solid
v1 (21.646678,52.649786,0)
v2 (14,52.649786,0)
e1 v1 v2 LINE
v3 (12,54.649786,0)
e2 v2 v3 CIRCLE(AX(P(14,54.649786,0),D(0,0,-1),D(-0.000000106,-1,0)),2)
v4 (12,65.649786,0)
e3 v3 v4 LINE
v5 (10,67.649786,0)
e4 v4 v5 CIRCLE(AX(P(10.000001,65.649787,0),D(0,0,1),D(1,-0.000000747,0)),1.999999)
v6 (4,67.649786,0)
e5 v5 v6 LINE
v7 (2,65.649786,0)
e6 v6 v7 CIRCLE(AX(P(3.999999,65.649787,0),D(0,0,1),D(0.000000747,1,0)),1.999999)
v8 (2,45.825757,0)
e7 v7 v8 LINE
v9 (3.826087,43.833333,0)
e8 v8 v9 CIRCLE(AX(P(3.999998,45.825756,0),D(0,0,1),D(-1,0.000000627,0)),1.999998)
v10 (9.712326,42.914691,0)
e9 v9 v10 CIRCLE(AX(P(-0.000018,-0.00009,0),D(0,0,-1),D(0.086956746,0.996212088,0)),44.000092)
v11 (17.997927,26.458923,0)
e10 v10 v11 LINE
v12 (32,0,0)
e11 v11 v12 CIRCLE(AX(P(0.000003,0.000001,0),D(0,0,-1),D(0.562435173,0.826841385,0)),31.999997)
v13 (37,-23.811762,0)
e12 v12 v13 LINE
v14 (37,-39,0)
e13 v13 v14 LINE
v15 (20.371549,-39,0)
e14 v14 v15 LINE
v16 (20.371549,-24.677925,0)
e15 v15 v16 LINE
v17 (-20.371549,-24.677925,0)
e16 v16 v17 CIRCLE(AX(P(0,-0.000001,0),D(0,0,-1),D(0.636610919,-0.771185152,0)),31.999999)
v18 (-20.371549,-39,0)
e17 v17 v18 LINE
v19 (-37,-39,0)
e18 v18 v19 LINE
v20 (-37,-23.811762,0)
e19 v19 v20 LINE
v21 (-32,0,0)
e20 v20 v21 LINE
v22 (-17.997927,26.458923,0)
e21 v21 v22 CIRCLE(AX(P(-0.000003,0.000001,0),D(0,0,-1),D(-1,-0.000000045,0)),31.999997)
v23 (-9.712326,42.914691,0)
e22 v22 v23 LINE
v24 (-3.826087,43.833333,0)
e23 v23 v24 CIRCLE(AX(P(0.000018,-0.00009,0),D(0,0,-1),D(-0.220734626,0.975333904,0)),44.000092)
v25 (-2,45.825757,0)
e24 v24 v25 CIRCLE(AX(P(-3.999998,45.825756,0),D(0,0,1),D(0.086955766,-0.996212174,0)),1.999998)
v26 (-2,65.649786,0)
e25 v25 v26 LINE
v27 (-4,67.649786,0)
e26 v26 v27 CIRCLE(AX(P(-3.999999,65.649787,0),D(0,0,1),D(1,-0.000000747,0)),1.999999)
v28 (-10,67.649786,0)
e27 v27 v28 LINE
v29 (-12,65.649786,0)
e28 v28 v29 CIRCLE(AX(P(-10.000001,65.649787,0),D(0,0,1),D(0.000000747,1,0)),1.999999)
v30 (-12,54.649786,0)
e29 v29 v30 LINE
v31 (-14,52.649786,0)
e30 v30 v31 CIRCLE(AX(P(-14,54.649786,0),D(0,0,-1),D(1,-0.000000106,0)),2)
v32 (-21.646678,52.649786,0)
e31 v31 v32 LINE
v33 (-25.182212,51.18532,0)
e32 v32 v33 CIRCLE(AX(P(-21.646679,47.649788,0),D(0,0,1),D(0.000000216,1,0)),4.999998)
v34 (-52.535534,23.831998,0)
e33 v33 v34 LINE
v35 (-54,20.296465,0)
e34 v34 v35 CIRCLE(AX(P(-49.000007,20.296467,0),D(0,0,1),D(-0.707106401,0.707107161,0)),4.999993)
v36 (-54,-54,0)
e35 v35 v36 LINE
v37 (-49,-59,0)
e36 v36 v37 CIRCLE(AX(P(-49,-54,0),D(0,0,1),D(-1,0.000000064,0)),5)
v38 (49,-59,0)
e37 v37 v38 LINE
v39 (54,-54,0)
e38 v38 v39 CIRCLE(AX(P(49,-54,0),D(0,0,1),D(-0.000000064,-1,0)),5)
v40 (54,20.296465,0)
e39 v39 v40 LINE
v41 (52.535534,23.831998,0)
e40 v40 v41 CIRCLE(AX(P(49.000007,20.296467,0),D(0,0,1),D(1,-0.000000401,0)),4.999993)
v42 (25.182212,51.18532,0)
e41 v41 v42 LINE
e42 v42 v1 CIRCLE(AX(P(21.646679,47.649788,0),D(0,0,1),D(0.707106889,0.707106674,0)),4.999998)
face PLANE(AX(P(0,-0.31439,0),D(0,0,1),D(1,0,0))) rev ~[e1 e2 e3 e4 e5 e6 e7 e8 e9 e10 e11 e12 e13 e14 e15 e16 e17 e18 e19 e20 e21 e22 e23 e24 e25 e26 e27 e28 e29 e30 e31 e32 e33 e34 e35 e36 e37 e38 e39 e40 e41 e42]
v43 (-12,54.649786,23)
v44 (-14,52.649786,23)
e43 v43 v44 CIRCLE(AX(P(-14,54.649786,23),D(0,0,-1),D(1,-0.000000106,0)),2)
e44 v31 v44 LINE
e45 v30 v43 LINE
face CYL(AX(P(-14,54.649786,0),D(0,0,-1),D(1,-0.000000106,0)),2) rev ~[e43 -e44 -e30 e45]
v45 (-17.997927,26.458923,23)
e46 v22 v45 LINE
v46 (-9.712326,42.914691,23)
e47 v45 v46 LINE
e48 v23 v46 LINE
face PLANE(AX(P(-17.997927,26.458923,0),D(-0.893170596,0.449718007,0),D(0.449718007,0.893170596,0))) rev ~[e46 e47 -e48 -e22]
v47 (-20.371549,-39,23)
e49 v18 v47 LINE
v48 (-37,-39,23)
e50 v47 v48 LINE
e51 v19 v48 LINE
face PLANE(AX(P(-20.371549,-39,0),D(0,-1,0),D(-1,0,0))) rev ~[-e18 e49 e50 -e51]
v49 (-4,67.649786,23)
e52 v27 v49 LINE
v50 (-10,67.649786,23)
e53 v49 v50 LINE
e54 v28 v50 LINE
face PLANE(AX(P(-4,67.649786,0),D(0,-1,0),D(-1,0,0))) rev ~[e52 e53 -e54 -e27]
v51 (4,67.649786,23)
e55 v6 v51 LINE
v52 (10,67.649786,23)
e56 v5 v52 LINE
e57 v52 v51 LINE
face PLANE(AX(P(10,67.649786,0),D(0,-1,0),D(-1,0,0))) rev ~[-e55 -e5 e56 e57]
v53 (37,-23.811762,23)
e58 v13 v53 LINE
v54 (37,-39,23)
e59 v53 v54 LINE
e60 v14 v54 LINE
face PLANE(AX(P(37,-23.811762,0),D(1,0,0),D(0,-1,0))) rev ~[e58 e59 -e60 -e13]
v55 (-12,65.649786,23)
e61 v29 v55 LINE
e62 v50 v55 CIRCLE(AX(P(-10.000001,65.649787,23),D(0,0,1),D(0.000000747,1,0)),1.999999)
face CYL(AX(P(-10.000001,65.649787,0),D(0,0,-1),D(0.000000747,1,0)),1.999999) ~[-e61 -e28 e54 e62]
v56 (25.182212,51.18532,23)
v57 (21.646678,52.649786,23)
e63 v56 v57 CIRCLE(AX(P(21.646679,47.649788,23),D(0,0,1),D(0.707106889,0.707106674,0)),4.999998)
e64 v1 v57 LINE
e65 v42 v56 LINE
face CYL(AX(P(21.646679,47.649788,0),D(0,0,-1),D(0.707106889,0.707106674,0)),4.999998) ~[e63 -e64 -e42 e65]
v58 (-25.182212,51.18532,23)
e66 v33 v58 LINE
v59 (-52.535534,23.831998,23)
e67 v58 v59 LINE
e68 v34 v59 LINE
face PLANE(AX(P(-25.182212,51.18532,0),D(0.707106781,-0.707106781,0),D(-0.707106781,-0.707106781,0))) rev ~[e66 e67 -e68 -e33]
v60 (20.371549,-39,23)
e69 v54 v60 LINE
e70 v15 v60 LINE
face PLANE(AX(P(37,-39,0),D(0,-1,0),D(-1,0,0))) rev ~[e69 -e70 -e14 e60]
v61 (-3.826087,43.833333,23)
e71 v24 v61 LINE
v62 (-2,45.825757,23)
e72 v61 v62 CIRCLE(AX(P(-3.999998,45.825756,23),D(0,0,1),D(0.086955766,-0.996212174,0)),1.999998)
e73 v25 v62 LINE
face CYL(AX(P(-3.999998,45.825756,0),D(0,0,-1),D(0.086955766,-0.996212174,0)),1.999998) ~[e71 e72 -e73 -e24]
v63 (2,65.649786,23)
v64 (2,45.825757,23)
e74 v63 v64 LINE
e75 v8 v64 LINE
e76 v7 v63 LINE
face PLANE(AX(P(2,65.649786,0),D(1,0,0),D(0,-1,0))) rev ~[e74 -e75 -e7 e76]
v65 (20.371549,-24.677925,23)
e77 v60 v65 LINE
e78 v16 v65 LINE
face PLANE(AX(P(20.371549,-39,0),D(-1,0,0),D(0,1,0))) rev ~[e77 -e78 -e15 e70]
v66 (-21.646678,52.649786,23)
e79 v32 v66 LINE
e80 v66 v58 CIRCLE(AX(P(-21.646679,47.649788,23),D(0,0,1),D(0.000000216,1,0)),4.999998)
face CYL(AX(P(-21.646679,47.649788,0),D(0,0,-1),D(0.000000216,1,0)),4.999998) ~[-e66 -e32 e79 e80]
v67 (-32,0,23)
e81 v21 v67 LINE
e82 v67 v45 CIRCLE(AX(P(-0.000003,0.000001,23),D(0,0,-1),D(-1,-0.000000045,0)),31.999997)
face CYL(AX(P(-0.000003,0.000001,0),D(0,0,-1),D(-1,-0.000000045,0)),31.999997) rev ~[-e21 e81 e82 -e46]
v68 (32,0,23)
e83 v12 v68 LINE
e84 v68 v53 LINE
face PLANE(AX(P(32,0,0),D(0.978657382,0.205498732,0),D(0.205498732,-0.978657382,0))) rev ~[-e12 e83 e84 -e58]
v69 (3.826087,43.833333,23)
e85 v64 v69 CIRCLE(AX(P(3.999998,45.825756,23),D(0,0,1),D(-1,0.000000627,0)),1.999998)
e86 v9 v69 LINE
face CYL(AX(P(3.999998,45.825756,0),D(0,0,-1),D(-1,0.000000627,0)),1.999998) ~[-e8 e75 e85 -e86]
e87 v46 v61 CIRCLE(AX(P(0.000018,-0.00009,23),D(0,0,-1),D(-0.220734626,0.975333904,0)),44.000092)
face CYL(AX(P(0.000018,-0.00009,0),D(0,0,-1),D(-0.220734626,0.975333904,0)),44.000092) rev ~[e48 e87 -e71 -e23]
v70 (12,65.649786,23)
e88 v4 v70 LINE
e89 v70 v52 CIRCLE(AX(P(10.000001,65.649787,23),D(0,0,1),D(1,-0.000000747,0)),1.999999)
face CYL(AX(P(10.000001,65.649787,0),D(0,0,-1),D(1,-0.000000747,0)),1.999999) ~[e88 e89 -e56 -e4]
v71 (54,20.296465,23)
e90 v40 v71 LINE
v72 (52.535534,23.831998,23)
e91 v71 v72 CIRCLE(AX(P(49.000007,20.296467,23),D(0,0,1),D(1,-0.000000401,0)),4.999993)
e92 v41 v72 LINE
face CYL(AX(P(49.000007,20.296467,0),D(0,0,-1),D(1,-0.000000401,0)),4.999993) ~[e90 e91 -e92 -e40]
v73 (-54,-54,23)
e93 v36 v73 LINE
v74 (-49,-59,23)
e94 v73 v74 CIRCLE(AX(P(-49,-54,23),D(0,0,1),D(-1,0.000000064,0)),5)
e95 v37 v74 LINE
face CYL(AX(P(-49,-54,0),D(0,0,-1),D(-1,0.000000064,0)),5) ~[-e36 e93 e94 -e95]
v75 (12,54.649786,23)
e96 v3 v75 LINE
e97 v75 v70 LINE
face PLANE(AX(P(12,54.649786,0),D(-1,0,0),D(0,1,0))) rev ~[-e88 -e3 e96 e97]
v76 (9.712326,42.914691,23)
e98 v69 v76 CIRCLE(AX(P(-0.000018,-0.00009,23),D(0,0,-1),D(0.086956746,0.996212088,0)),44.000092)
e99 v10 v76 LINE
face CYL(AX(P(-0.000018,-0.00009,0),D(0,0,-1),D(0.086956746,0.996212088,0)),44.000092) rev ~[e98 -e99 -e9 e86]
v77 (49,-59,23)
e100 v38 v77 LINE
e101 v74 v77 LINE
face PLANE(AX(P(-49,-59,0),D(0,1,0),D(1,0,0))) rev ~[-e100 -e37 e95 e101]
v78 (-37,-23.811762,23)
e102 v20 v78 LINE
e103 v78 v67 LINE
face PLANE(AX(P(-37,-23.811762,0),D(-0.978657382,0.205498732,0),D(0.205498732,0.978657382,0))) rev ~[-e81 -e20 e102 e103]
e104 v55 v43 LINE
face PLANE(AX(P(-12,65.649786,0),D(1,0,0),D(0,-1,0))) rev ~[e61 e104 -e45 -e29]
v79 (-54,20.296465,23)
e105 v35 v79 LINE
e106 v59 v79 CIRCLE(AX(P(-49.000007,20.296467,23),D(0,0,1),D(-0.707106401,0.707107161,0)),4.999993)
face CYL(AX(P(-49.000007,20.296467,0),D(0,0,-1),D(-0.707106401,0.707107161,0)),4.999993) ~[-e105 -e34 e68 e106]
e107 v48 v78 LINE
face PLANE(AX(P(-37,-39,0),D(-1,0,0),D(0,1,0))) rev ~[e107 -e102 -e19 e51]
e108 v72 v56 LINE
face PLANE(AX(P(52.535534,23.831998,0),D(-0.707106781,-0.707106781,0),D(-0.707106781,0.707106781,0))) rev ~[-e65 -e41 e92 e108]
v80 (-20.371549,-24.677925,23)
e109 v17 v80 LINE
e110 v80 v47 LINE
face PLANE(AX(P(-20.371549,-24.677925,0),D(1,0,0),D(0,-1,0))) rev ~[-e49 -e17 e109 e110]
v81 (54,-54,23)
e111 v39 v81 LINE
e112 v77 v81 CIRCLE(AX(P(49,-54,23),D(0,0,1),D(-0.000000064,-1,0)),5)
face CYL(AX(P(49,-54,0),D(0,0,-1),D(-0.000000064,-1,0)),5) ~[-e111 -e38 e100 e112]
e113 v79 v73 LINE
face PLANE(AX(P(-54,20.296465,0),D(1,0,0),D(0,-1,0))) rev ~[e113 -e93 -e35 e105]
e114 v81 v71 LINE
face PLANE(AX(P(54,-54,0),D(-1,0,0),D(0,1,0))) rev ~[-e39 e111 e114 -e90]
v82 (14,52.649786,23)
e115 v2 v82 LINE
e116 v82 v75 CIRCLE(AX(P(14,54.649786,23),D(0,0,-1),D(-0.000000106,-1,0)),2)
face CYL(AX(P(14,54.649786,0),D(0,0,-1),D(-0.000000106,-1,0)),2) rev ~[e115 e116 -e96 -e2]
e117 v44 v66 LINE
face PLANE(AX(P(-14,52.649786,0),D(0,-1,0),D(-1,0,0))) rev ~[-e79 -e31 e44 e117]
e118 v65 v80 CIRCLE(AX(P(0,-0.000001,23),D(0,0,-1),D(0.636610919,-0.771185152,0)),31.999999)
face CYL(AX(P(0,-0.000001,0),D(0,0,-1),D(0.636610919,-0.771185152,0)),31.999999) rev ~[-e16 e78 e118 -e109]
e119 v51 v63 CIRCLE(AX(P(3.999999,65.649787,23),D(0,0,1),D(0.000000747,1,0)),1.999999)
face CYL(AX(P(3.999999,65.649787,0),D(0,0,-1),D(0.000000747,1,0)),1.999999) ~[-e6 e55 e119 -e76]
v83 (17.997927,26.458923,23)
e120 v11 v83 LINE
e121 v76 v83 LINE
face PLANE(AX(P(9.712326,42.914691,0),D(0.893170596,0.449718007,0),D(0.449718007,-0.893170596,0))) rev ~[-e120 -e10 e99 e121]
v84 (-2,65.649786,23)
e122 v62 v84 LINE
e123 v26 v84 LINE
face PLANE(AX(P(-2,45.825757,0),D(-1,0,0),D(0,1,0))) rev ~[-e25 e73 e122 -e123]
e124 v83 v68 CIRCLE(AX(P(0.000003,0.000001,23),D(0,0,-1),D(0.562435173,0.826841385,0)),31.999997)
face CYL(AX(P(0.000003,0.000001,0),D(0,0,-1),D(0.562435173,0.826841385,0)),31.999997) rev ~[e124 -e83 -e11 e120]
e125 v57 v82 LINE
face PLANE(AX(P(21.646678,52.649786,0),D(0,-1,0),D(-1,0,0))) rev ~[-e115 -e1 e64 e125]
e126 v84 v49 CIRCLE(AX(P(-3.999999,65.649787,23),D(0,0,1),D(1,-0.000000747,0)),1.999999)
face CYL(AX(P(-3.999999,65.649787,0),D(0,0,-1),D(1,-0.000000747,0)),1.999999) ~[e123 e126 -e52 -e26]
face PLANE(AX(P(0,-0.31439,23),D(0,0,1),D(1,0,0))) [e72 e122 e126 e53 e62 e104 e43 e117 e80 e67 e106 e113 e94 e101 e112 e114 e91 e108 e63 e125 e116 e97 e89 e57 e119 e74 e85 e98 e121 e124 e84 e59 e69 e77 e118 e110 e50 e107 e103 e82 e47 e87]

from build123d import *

# Parameters (mm, degrees)
F1_DEPTH = 23


with BuildPart() as f1:
    # F0 (on Top) → F1 (new body)
    with BuildSketch(Plane.XY):
        with BuildLine():
            ThreePointArc((-9.712326, 42.914691), (-6.784772, 43.473749), (-3.826087, 43.833333))
            ThreePointArc((-3.826087, 43.833333), (-2.52558, 44.474429), (-2, 45.825757))
            Line((-2, 45.825757), (-2, 65.649786))
            ThreePointArc((-2, 65.649786), (-2.585786, 67.064), (-4, 67.649786))
            Line((-4, 67.649786), (-10, 67.649786))
            ThreePointArc((-10, 67.649786), (-11.414214, 67.064), (-12, 65.649786))
            Line((-12, 65.649786), (-12, 54.649786))
            ThreePointArc((-12, 54.649786), (-12.585786, 53.235573), (-14, 52.649786))
            Line((-14, 52.649786), (-21.646678, 52.649786))
            ThreePointArc((-21.646678, 52.649786), (-23.560095, 52.269184), (-25.182212, 51.18532))
            Line((-25.182212, 51.18532), (-52.535534, 23.831998))
            ThreePointArc((-52.535534, 23.831998), (-53.619398, 22.209882), (-54, 20.296465))
            Line((-54, 20.296465), (-54, -54))
            ThreePointArc((-54, -54), (-52.535534, -57.535534), (-49, -59))
            Line((-49, -59), (49, -59))
            ThreePointArc((49, -59), (52.535534, -57.535534), (54, -54))
            Line((54, -54), (54, 20.296465))
            ThreePointArc((54, 20.296465), (53.619398, 22.209882), (52.535534, 23.831998))
            Line((52.535534, 23.831998), (25.182212, 51.18532))
            ThreePointArc((25.182212, 51.18532), (23.560095, 52.269184), (21.646678, 52.649786))
            Line((21.646678, 52.649786), (14, 52.649786))
            ThreePointArc((14, 52.649786), (12.585786, 53.235573), (12, 54.649786))
            Line((12, 54.649786), (12, 65.649786))
            ThreePointArc((12, 65.649786), (11.414214, 67.064), (10, 67.649786))
            Line((10, 67.649786), (4, 67.649786))
            ThreePointArc((4, 67.649786), (2.585786, 67.064), (2, 65.649786))
            Line((2, 65.649786), (2, 45.825757))
            ThreePointArc((2, 45.825757), (2.52558, 44.474429), (3.826087, 43.833333))
            ThreePointArc((3.826087, 43.833333), (6.784772, 43.473749), (9.712326, 42.914691))
            ThreePointArc((9.712326, 42.914691), (17.672531, 40.294933), (24.991669, 36.213485))
            ThreePointArc((24.991669, 36.213485), (38.959167, 20.44953), (44, 0))
            ThreePointArc((44, 0), (42.213742, -12.409674), (37, -23.811762))
            Line((37, -23.811762), (37, -39))
            Line((37, -39), (20.371549, -39))
            ThreePointArc((20.371549, -39), (0, -44), (-20.371549, -39))
            Line((-20.371549, -39), (-37, -39))
            Line((-37, -39), (-37, -23.811762))
            ThreePointArc((-37, -23.811762), (-42.213742, -12.409674), (-44, 0))
            ThreePointArc((-44, 0), (-38.959167, 20.44953), (-24.991669, 36.213485))
            ThreePointArc((-24.991669, 36.213485), (-17.672531, 40.294933), (-9.712326, 42.914691))
        make_face()
        with BuildLine():
            Line((-17.997927, 26.458923), (-24.991669, 36.213485))
            ThreePointArc((-24.991669, 36.213485), (-38.959167, 20.44953), (-44, 0))
            Line((-44, 0), (-32, 0))
            ThreePointArc((-32, 0), (-28.283685, 14.967738), (-17.997927, 26.458923))
        make_face()
        with BuildLine():
            ThreePointArc((20.371549, -24.677925), (0, -32), (-20.371549, -24.677925))
            Line((-20.371549, -24.677925), (-20.371549, -39))
            ThreePointArc((-20.371549, -39), (0, -44), (20.371549, -39))
            Line((20.371549, -39), (20.371549, -24.677925))
        make_face()
        with BuildLine():
            Line((24.991669, 36.213485), (17.997927, 26.458923))
            ThreePointArc((17.997927, 26.458923), (28.283685, 14.967738), (32, 0))
            Line((32, 0), (44, 0))
            ThreePointArc((44, 0), (38.959167, 20.44953), (24.991669, 36.213485))
        make_face()
        with BuildLine():
            Line((-32, 0), (-44, 0))
            ThreePointArc((-44, 0), (-42.213742, -12.409674), (-37, -23.811762))
            Line((-37, -23.811762), (-32, 0))
        make_face()
        with BuildLine():
            Line((44, 0), (32, 0))
            Line((32, 0), (37, -23.811762))
            ThreePointArc((37, -23.811762), (42.213742, -12.409674), (44, 0))
        make_face()
        with BuildLine():
            Line((-17.997927, 26.458923), (-9.712326, 42.914691))
            ThreePointArc((-9.712326, 42.914691), (-17.672531, 40.294933), (-24.991669, 36.213485))
            Line((-24.991669, 36.213485), (-17.997927, 26.458923))
        make_face()
        with BuildLine():
            Line((9.712326, 42.914691), (17.997927, 26.458923))
            Line((17.997927, 26.458923), (24.991669, 36.213485))
            ThreePointArc((24.991669, 36.213485), (17.672531, 40.294933), (9.712326, 42.914691))
        make_face()
    extrude(amount=F1_DEPTH)


solid = f1.part
